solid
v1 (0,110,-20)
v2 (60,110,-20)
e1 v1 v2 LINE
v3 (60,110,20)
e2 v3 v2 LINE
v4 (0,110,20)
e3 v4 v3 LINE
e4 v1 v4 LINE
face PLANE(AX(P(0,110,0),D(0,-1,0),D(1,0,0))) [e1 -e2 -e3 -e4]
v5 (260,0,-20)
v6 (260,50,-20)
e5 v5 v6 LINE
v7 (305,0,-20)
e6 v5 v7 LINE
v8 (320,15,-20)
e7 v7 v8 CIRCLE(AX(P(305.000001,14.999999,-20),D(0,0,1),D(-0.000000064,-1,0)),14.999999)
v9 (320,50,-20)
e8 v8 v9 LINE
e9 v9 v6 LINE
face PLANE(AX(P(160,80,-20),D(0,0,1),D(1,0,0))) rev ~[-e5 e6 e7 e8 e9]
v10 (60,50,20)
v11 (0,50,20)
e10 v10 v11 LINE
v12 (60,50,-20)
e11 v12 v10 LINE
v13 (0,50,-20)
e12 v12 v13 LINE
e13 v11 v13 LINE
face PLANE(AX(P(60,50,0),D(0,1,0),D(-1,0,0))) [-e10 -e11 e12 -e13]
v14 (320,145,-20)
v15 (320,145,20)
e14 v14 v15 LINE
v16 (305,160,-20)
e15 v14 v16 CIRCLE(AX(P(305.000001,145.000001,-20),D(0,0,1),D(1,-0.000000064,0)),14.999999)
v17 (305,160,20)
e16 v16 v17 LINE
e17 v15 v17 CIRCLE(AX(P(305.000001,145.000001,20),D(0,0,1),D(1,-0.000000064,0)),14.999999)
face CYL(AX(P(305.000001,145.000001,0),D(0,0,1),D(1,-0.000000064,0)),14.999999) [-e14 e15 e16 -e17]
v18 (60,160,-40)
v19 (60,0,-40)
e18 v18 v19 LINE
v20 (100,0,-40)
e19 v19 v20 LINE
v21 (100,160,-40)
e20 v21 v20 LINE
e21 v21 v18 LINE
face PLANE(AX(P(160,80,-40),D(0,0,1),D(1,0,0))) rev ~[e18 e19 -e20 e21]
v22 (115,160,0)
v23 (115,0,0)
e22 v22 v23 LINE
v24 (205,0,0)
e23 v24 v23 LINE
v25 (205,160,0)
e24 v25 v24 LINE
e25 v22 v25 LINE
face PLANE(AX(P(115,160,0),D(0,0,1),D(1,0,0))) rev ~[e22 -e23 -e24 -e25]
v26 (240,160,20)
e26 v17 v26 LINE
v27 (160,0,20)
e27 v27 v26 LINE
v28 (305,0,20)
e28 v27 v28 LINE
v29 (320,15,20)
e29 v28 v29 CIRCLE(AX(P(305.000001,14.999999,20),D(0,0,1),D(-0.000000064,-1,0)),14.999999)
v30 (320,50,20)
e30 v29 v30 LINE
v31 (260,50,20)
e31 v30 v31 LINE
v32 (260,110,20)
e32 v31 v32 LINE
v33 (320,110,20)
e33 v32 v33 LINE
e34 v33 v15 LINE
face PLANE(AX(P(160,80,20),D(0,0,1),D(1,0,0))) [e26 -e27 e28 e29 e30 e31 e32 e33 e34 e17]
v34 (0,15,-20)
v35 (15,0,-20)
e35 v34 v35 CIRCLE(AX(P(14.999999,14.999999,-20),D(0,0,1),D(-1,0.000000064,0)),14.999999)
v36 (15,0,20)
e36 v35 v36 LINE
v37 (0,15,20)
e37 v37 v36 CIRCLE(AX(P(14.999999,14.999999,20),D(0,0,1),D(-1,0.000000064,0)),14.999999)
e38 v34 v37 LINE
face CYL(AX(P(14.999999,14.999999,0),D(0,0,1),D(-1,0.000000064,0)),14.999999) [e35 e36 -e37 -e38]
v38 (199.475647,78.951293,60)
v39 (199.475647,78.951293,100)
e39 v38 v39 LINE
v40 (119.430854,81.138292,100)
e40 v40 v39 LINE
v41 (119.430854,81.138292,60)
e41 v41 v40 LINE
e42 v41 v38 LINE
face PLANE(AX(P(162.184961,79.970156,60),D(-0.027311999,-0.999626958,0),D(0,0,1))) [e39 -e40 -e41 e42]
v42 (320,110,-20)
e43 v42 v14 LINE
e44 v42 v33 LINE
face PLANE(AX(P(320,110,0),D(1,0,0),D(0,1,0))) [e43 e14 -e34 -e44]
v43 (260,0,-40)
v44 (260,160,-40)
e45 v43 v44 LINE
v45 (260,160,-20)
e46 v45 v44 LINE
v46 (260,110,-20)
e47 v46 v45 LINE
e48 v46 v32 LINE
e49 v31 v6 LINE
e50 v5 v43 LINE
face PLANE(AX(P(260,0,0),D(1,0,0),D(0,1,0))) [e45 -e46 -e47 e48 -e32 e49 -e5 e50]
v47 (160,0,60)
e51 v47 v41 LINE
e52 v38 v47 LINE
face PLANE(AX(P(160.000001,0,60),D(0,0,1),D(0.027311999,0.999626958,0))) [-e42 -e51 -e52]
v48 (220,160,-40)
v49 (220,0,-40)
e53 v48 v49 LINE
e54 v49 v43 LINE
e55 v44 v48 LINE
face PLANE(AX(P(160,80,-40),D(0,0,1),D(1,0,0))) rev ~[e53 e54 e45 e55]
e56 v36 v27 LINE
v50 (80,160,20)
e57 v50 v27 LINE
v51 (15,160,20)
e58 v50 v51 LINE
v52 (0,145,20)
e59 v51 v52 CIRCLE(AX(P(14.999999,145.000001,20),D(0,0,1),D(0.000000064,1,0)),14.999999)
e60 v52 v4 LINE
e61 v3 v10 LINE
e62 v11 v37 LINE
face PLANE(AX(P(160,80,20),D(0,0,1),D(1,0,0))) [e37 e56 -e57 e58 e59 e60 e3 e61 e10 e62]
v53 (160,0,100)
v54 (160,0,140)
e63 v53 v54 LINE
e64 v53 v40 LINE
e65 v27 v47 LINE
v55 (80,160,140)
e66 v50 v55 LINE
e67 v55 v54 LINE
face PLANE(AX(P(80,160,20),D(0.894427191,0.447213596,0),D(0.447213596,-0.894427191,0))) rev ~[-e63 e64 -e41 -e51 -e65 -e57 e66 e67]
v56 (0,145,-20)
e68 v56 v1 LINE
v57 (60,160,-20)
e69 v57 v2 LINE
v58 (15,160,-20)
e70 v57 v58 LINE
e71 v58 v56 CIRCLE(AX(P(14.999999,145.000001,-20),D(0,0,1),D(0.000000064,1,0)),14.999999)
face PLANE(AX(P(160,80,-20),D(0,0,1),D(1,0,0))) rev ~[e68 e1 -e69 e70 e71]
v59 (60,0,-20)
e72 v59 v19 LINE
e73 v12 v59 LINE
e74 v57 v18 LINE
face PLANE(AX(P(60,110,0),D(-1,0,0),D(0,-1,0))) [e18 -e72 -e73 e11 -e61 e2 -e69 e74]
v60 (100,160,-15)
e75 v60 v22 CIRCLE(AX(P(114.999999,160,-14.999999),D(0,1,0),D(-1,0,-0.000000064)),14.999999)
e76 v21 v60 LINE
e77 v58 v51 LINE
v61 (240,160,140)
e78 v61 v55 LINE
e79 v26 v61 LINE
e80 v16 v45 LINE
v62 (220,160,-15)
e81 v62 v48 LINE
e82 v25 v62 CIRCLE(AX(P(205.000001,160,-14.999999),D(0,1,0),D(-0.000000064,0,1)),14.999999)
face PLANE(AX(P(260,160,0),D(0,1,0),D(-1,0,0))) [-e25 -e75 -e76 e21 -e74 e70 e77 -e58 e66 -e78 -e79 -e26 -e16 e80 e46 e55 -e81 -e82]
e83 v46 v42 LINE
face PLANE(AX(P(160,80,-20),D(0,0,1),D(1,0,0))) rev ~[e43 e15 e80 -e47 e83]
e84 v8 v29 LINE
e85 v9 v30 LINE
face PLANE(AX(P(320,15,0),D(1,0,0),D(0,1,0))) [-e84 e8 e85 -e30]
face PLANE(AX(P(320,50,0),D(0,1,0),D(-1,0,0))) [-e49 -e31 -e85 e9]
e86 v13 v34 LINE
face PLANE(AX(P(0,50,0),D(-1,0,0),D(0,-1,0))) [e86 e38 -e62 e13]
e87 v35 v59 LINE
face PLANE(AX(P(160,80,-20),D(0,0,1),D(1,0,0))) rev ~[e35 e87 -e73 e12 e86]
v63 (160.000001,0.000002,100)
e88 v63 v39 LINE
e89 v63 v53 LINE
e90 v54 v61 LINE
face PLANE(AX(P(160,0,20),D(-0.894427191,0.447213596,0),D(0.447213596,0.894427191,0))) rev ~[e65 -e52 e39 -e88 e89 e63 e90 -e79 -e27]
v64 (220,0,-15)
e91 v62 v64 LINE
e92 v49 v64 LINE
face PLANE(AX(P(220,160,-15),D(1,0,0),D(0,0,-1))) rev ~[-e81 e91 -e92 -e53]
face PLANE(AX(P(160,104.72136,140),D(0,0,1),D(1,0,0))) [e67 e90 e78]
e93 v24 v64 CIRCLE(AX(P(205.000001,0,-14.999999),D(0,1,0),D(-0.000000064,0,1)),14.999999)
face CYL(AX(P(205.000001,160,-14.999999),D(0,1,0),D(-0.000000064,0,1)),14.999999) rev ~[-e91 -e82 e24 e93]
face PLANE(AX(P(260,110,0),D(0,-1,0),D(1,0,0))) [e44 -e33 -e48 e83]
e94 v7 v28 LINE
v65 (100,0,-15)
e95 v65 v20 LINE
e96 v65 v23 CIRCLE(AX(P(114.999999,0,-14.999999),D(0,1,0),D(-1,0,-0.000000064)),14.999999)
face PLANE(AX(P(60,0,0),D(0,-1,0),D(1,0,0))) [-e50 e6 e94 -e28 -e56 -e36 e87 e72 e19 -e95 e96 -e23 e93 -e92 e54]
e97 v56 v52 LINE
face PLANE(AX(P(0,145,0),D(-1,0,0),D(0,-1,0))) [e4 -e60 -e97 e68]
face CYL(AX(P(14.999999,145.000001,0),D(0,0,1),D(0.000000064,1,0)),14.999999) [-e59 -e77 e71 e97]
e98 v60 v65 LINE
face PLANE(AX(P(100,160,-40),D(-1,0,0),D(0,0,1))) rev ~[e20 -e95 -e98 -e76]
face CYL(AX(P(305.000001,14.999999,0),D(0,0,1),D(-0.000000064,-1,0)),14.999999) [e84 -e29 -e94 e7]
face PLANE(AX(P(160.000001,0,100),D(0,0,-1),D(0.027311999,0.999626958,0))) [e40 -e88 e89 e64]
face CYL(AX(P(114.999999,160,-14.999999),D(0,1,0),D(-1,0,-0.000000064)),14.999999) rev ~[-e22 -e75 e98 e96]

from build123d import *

# Parameters (mm, degrees)
F1_DEPTH       = 20
F3_DEPTH       = 120
F5_DEPTH       = 40
F7_DEPTH       = 160.001
F9_W           = 80
F9_H           = 40
F10_DEPTH      = 159.941314
F10_DEPTH_BACK = 164.311218


with BuildPart() as f1:
    # F0 (on Top) → F1 (new body, symmetric)
    with BuildSketch(Plane.XY):
        with BuildLine():
            Line((0, 50), (0, 15))
            ThreePointArc((0, 15), (4.393398, 4.393398), (15, 0))
            Line((15, 0), (305, 0))
            ThreePointArc((305, 0), (315.606602, 4.393398), (320, 15))
            Line((320, 15), (320, 50))
            Line((320, 50), (260, 50))
            Line((260, 50), (260, 110))
            Line((260, 110), (320, 110))
            Line((320, 110), (320, 145))
            ThreePointArc((320, 145), (315.606602, 155.606602), (305, 160))
            Line((305, 160), (240, 160))
            Line((240, 160), (80, 160))
            Line((80, 160), (15, 160))
            ThreePointArc((15, 160), (4.393398, 155.606602), (0, 145))
            Line((0, 145), (0, 110))
            Line((0, 110), (60, 110))
            Line((60, 110), (60, 50))
            Line((60, 50), (0, 50))
        make_face()
    extrude(amount=F1_DEPTH, both=True)

    # F2 (on face) → F3 (join)
    with BuildSketch(Plane.XY.offset(20)):
        Polygon((240, 160), (160, 160), (80, 160), (160, 0), align=None)
    extrude(amount=F3_DEPTH)

    # F4 (on face) → F5 (join)
    with BuildSketch(Plane.XY):
        Polygon((60, 50), (60, 0), (260, 0), (260, 50), (260, 110), (260, 160), (240, 160), (80, 160), (60, 160), (60, 110), align=None)
    extrude(amount=-F5_DEPTH)

    # F6 (on face) → F7 (cut, through all)
    with BuildSketch(Plane(origin=(0, 160, 0), x_dir=(-1, 0, 0), z_dir=(0, 1, 0))):
        with BuildLine():
            Line((-220, -40), (-100, -40))
            Line((-100, -40), (-100, -15))
            ThreePointArc((-100, -15), (-104.393398, -4.393398), (-115, 0))
            Line((-115, 0), (-205, 0))
            ThreePointArc((-205, 0), (-215.606602, -4.393398), (-220, -15))
            Line((-220, -15), (-220, -40))
        make_face()
    extrude(amount=-F7_DEPTH, mode=Mode.SUBTRACT)

    # F9 (on face) → F10 (cut, two sides)
    with BuildSketch(Plane(origin=(159.88065, -4.368274, 0), x_dir=(0.027312, 0.999627, 0), z_dir=(0.999627, -0.027312, 0))) as f10_sk:
        with Locations((44.369904, 80)):
            Rectangle(F9_W, F9_H)
    extrude(amount=F10_DEPTH, mode=Mode.SUBTRACT)
    extrude(f10_sk.sketch, amount=-F10_DEPTH_BACK, mode=Mode.SUBTRACT)


solid = f1.part
